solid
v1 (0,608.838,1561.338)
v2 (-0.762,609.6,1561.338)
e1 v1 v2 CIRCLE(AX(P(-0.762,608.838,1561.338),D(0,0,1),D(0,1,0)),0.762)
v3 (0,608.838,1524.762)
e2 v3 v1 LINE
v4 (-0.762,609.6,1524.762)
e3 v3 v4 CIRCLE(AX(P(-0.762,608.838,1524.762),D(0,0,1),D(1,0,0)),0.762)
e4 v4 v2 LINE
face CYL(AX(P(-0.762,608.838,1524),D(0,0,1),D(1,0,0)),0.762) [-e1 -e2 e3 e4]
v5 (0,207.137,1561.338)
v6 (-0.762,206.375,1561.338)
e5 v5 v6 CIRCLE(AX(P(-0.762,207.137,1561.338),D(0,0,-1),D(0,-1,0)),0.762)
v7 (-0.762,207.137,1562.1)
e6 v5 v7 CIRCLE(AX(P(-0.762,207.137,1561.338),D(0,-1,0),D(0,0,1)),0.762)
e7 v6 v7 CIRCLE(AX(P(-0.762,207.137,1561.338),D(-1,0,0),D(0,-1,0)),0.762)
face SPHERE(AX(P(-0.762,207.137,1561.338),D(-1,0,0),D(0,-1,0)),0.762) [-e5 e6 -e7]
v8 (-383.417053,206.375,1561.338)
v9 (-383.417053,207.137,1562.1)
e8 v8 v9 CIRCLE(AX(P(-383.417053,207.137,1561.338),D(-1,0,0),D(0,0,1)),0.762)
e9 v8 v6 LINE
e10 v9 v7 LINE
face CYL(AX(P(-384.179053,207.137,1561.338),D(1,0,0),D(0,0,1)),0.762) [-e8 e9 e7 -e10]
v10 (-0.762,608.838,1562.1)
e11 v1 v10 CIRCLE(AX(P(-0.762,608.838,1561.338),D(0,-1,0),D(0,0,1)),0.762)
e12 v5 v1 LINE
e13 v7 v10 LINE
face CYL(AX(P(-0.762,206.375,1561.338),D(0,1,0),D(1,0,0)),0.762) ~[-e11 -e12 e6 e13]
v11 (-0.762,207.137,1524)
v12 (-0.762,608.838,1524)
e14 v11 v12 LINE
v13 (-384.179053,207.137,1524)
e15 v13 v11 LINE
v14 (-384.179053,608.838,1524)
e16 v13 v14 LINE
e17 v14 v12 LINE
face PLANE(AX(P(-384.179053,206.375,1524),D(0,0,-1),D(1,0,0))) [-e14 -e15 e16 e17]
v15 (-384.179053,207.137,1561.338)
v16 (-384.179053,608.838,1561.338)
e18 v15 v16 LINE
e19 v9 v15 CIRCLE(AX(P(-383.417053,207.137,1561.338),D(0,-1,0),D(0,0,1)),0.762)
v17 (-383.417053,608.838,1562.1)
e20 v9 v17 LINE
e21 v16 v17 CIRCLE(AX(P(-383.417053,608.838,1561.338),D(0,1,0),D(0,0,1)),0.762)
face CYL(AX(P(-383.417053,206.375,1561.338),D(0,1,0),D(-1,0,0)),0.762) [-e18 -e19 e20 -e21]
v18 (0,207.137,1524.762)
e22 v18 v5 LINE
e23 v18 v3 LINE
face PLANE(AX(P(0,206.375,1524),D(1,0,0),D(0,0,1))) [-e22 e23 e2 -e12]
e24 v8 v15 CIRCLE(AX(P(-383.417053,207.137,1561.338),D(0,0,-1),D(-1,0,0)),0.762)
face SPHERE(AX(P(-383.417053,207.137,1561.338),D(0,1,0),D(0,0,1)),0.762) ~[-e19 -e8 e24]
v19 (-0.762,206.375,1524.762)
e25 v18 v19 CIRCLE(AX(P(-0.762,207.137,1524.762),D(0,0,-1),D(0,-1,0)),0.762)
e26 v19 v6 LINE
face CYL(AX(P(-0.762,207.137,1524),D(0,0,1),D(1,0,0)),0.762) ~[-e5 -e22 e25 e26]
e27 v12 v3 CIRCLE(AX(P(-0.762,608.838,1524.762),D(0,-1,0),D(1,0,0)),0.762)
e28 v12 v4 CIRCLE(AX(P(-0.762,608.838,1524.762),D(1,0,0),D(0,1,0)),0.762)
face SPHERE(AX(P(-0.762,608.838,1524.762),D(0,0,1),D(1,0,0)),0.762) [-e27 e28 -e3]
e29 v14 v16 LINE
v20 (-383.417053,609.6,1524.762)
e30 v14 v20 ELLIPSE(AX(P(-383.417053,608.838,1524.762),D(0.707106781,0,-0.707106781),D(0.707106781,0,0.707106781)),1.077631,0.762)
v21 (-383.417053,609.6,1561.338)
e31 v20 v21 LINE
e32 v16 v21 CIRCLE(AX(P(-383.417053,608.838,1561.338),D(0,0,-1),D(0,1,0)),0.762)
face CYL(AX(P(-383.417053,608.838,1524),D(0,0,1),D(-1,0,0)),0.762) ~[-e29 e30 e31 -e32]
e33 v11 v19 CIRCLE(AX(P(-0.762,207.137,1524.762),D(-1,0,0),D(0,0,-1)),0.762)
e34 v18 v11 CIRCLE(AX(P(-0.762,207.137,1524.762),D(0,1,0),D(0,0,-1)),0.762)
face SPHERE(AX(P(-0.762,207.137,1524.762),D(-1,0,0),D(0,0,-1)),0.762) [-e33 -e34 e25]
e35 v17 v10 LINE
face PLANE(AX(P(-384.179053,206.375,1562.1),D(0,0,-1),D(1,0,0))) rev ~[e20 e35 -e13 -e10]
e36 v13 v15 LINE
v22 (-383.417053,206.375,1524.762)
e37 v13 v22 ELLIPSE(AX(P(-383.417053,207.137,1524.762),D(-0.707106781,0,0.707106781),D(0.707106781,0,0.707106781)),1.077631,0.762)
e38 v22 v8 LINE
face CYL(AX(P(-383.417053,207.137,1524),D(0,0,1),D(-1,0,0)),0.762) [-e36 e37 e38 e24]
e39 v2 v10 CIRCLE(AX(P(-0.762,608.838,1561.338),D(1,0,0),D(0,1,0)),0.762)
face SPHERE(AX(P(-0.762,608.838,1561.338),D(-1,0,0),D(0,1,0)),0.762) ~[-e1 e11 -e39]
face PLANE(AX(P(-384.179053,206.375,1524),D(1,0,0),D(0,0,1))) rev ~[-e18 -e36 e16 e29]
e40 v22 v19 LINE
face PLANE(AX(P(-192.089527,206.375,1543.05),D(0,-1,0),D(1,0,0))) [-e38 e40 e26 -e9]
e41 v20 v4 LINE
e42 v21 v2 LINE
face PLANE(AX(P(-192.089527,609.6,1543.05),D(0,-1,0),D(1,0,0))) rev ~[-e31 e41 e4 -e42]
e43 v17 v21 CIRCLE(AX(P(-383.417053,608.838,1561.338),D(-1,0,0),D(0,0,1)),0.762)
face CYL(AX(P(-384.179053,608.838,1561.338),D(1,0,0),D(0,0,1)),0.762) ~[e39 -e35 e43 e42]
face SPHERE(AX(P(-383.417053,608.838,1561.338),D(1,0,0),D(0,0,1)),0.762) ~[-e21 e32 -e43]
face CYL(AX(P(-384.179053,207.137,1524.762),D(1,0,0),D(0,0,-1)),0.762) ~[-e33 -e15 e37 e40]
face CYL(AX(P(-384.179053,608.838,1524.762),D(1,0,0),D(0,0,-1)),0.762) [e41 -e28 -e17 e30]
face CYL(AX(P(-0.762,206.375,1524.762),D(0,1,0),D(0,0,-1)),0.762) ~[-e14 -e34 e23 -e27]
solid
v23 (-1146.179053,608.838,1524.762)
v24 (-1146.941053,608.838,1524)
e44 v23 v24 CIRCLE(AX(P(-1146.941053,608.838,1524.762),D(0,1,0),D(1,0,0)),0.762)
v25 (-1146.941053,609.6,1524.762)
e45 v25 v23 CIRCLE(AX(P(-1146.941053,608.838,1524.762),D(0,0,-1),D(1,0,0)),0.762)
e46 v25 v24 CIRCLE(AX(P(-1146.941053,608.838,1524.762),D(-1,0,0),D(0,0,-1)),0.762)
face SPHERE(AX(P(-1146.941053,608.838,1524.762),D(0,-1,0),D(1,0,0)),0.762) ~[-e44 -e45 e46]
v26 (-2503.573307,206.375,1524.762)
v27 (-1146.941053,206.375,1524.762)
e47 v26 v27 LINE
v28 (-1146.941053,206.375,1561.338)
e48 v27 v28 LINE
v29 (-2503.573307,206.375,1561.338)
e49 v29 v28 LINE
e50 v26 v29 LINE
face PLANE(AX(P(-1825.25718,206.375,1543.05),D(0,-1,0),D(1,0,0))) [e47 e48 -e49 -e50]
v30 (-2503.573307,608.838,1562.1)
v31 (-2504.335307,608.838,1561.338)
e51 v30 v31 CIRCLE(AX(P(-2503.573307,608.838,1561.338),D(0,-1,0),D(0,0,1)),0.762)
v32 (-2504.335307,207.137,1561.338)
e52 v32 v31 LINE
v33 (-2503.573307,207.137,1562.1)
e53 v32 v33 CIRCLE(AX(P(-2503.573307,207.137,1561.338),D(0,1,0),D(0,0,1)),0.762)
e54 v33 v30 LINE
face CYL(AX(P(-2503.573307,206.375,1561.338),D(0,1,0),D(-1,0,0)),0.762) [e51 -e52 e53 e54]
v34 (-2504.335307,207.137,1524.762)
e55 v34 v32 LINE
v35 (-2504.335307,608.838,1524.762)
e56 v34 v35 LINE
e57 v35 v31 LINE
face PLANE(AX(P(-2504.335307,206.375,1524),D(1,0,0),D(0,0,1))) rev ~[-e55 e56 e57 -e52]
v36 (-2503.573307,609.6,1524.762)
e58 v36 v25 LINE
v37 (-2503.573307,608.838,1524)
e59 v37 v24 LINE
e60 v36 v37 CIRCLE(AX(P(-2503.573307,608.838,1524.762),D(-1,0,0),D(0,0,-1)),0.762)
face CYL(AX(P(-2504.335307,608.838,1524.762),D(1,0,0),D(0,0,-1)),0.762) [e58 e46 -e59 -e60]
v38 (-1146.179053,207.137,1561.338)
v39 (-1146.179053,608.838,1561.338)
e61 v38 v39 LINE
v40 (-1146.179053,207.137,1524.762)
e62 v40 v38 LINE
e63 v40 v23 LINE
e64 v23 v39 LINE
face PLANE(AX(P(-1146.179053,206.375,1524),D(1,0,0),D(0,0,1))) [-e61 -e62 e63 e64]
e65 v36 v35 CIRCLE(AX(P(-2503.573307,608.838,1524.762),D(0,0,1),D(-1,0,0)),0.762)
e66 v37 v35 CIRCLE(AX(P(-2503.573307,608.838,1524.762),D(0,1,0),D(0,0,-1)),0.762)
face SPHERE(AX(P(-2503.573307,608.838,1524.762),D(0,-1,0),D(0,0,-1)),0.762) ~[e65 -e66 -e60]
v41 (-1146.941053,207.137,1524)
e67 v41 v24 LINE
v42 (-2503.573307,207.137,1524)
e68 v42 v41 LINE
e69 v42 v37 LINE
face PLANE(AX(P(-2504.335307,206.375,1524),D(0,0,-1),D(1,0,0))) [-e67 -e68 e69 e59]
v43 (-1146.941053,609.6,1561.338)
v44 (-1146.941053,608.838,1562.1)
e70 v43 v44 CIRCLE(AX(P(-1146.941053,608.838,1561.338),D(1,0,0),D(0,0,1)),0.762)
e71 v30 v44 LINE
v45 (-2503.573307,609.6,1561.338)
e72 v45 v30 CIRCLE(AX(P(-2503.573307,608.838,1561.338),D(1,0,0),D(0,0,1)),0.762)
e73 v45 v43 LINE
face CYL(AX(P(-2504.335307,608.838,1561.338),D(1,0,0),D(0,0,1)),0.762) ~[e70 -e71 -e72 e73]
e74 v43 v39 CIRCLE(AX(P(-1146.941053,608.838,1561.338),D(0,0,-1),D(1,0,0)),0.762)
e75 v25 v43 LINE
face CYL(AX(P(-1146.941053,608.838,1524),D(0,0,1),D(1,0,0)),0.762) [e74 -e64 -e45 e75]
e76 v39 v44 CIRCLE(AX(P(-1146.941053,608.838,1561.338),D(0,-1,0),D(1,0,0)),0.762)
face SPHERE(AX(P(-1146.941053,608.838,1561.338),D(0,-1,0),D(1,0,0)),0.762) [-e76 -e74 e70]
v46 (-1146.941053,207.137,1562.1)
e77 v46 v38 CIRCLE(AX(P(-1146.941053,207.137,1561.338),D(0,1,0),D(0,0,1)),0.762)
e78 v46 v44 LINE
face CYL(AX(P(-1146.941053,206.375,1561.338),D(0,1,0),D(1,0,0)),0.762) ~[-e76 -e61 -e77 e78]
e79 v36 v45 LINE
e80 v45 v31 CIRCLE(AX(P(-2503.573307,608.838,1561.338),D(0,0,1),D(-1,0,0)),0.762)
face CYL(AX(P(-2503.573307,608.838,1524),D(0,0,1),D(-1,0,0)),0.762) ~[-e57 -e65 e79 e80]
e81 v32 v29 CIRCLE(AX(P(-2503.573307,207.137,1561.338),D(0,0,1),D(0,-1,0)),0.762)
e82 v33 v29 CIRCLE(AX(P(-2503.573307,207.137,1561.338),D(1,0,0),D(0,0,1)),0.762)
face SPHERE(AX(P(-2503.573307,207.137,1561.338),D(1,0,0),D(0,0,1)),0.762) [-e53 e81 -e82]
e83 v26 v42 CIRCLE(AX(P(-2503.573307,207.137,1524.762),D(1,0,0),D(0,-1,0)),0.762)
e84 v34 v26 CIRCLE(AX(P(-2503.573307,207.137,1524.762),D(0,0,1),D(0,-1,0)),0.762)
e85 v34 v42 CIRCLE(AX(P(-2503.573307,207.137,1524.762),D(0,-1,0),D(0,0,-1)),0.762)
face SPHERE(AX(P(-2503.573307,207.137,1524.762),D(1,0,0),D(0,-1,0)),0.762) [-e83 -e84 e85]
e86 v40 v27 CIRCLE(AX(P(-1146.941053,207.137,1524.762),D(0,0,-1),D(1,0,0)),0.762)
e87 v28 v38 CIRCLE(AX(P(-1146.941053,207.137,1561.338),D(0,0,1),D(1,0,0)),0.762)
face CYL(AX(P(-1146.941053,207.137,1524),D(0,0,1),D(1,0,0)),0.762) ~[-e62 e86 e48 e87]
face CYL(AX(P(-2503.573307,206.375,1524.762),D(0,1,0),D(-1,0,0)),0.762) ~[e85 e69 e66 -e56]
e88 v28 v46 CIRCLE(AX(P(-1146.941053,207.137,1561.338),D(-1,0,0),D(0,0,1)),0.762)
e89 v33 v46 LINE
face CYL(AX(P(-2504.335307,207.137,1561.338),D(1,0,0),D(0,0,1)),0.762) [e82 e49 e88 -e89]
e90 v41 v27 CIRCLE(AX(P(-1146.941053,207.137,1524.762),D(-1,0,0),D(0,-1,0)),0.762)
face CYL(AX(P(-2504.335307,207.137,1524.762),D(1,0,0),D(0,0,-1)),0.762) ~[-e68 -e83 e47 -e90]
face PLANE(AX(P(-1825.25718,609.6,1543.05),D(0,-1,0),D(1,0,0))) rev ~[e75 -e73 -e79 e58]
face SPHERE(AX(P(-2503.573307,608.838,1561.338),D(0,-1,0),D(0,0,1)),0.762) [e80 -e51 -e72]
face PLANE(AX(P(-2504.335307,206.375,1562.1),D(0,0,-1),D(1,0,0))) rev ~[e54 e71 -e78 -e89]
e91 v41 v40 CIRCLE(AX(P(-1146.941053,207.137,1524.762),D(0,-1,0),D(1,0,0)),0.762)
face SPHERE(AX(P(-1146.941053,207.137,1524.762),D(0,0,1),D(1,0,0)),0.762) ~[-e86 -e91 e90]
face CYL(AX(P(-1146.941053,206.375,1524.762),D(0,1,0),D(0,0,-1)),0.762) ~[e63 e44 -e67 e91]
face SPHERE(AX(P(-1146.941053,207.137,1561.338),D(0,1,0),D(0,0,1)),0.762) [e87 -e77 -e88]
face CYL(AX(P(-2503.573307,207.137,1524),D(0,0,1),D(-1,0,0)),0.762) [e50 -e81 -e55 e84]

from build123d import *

# Parameters (mm, degrees)
F1_START = -206.375
F0_W     = 1358.1562537551
F0_H     = 38.1
F1_DEPTH = 403.225
F0_W_2   = 384.1790530003
F2_R     = 0.762
F2_2_R   = 0.762


with BuildPart() as f1:
    # F0 (on Front) → F1 (new body)
    with BuildSketch(Plane.XZ.offset(F1_START)):
        with Locations((-1825.2571798778, 1543.05)):
            Rectangle(F0_W, F0_H)
    extrude(amount=-F1_DEPTH)

    # F2
    f2_edges = [f1.edges().sort_by_distance(p)[0] for p in [
        (-1146.179053, 407.9875, 1562.1),
        (-1825.25718, 206.375, 1562.1),
        (-1146.179053, 206.375, 1543.05),
        (-1146.179053, 407.9875, 1524),
        (-1825.25718, 206.375, 1524),
        (-1146.179053, 609.6, 1543.05),
        (-2504.335307, 407.9875, 1562.1),
        (-2504.335307, 206.375, 1543.05),
        (-1825.25718, 609.6, 1562.1),
        (-2504.335307, 407.9875, 1524),
        (-1825.25718, 609.6, 1524),
        (-2504.335307, 609.6, 1543.05),
    ]]
    fillet(f2_edges, radius=F2_R)


with BuildPart() as f1b:
    # F0 (on Front) → F1, piece 2 (new body)
    with BuildSketch(Plane.XZ.offset(F1_START)):
        with Locations((-192.0895265001, 1543.05)):
            Rectangle(F0_W_2, F0_H)
    extrude(amount=-F1_DEPTH)

    # F2#2
    f2_2_edges = [f1b.edges().sort_by_distance(p)[0] for p in [
        (-192.089527, 609.6, 1562.1),
        (-384.179053, 407.9875, 1562.1),
        (-192.089527, 206.375, 1562.1),
        (-384.179053, 206.375, 1543.05),
        (-192.089527, 206.375, 1524),
        (0, 609.6, 1543.05),
        (0, 407.9875, 1524),
        (0, 206.375, 1543.05),
        (0, 407.9875, 1562.1),
        (-384.179053, 609.6, 1543.05),
        (-192.089527, 609.6, 1524),
    ]]
    fillet(f2_2_edges, radius=F2_2_R)


solid = Compound([f1.part, f1b.part])
